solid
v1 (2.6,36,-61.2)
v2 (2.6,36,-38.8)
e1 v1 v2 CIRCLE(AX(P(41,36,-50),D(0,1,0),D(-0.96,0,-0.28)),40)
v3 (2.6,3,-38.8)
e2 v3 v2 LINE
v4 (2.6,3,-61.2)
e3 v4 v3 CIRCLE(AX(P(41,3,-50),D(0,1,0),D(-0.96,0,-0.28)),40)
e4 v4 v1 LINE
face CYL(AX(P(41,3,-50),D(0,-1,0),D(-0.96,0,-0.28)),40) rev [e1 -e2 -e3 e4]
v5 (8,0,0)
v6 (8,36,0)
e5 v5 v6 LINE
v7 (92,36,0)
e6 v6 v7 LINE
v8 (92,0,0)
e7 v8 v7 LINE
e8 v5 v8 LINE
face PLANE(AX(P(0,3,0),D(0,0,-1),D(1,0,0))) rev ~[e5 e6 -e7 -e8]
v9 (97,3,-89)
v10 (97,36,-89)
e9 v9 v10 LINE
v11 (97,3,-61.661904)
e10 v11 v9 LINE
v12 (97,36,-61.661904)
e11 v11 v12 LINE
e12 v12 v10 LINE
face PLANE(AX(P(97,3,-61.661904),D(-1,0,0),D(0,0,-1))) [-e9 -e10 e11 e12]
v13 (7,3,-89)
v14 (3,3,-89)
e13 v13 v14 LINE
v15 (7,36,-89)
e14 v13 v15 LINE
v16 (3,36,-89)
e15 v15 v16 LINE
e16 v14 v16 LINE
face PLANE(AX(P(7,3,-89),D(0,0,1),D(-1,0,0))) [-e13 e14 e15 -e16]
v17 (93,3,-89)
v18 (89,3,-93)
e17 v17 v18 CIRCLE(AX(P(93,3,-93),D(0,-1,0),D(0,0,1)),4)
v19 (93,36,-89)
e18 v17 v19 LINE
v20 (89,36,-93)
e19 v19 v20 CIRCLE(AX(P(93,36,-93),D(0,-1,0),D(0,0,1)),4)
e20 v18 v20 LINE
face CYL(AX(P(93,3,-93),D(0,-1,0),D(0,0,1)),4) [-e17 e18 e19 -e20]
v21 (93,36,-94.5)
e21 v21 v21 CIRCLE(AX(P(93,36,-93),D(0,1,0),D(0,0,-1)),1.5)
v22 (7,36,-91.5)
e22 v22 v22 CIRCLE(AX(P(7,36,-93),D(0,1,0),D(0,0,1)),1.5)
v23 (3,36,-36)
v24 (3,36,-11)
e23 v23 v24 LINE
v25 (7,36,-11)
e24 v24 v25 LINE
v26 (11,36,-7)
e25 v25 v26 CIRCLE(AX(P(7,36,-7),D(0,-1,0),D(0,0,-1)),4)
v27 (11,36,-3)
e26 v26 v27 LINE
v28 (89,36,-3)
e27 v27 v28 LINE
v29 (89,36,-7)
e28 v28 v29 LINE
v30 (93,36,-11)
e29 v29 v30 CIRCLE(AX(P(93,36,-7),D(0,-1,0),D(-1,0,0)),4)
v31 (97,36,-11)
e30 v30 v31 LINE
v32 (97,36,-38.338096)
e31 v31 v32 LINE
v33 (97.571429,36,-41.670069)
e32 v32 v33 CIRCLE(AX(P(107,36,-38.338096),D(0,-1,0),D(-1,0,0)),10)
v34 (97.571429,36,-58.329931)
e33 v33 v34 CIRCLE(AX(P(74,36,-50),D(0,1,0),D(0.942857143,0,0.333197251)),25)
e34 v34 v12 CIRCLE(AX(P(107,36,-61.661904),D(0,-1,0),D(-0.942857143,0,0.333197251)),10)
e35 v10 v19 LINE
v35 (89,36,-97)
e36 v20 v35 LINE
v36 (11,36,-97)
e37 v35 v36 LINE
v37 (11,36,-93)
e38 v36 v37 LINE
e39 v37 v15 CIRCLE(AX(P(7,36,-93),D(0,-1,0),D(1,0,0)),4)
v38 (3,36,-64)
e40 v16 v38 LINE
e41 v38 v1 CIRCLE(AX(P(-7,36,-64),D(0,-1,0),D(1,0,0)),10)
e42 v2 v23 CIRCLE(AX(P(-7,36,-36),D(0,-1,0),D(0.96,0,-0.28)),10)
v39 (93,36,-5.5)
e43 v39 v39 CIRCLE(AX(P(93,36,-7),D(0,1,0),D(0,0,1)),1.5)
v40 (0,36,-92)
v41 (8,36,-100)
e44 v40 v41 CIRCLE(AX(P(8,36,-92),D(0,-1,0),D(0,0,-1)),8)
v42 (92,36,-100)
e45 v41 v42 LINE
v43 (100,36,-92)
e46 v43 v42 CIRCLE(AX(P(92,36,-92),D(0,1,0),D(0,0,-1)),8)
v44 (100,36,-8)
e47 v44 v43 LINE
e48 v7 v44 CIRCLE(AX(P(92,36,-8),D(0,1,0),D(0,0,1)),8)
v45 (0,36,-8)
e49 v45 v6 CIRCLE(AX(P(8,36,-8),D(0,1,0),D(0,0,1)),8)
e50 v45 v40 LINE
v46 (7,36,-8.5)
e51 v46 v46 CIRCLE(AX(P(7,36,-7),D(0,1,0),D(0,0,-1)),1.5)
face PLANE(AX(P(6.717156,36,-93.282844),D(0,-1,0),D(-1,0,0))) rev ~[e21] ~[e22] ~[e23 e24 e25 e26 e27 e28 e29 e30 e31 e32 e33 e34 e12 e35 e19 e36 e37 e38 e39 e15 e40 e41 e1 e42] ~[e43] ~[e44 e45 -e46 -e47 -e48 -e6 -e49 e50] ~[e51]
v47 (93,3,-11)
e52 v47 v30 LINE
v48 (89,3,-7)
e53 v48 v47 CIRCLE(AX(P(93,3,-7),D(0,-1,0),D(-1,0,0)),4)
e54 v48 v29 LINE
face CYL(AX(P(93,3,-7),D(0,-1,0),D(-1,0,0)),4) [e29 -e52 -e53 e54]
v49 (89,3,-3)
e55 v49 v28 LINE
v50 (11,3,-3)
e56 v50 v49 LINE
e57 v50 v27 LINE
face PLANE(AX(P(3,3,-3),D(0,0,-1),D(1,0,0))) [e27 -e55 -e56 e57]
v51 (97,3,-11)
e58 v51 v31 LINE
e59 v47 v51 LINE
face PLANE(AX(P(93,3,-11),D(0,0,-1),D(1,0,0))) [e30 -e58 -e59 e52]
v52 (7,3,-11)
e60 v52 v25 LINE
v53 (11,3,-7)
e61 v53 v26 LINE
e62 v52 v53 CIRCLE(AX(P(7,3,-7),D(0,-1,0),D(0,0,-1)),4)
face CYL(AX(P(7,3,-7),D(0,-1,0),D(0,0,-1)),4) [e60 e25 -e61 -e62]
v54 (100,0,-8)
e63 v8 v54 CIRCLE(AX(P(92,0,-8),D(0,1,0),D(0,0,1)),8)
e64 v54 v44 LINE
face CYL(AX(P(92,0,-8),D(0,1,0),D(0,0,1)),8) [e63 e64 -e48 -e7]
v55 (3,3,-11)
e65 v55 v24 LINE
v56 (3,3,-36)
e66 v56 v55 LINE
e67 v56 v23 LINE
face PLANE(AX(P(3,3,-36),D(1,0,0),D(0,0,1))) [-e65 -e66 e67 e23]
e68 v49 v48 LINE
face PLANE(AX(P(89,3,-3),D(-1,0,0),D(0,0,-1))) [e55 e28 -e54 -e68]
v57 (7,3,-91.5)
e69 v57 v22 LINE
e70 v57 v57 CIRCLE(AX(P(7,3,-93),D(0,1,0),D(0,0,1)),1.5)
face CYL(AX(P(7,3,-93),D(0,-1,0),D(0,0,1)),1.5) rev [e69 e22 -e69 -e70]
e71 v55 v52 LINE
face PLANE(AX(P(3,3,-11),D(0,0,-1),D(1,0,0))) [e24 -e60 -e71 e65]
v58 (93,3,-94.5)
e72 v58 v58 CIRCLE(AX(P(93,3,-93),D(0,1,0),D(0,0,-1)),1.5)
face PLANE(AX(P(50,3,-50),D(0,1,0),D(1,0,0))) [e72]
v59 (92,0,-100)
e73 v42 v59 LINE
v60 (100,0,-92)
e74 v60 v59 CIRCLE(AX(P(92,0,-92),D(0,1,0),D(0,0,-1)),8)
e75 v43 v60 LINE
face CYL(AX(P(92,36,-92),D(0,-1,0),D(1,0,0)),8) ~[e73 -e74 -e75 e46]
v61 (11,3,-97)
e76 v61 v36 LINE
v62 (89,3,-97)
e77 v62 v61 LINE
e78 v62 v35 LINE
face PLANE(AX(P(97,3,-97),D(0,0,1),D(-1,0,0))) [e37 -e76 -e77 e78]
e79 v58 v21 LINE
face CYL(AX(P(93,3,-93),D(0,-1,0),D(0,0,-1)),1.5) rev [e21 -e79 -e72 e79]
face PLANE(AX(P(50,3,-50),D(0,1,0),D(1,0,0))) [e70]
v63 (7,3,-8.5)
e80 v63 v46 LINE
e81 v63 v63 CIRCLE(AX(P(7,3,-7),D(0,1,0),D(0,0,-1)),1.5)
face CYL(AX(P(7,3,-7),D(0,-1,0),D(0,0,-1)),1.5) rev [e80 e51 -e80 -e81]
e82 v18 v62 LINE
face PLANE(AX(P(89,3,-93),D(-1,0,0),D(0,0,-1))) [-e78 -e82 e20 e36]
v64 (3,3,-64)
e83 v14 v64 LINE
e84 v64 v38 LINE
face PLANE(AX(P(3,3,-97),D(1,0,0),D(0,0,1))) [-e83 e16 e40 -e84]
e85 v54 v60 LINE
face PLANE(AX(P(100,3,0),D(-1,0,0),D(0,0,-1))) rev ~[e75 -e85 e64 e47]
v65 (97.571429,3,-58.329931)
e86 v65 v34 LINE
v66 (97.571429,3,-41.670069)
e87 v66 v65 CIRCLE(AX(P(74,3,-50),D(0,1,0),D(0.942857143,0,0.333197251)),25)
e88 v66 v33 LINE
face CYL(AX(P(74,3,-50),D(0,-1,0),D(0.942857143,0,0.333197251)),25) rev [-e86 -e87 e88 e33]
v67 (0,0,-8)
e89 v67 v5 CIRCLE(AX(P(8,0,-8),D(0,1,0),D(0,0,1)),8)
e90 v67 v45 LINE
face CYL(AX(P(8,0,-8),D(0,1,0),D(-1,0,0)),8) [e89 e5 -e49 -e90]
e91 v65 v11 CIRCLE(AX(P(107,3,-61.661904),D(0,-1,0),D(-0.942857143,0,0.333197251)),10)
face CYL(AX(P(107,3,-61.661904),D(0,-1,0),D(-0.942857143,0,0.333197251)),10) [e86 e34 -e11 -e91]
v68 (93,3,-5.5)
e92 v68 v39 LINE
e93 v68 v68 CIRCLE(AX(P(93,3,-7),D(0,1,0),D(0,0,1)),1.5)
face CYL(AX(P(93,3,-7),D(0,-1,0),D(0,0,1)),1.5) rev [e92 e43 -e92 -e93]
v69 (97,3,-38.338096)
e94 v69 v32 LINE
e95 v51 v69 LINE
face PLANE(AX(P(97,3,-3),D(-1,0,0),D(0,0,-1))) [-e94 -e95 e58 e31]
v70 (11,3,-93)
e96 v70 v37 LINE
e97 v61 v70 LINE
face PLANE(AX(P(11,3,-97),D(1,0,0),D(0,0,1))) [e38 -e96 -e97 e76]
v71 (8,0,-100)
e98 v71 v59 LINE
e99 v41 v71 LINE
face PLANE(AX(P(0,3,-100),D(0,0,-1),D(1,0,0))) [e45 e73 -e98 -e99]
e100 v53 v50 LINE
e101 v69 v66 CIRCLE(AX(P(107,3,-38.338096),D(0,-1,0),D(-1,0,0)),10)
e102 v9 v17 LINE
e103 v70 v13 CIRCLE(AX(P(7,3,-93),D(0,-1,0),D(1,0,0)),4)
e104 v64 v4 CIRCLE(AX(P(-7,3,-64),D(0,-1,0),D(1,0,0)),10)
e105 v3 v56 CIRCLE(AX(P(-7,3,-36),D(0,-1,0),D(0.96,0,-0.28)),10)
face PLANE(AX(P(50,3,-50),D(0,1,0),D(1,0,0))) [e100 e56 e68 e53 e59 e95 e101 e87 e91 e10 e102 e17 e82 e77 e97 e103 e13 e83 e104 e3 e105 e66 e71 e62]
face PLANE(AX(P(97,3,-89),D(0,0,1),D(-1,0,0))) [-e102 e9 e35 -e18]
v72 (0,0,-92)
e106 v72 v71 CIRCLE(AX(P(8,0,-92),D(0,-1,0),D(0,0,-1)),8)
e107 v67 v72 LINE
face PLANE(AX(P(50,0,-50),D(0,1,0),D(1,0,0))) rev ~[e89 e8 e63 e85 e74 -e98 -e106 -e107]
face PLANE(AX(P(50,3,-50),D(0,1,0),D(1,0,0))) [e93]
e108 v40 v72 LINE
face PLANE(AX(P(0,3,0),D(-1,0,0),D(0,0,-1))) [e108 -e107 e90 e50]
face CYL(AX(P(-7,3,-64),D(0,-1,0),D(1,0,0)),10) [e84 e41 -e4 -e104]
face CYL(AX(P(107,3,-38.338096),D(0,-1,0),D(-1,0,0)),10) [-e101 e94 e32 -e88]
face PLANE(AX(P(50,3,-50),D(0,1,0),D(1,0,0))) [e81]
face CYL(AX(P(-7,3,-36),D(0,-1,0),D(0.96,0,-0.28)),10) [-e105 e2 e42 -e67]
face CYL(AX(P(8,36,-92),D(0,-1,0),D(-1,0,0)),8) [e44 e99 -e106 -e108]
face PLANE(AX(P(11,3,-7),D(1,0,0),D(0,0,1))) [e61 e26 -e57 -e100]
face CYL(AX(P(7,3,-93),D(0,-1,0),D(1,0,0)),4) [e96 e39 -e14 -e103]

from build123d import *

# Parameters (mm, degrees)
SKETCH_1_W      = 100
SKETCH_1_H      = 100
EXTRUDE_1_DEPTH = 3
SKETCH_4_W      = 100
SKETCH_4_H      = 100
EXTRUDE_4_DEPTH = 33
FILLET_3_R      = 8
SKETCH_7_R      = 1.5
EXTRUDE_6_DEPTH = 33


with BuildPart() as part:
    # Эскиз1 → Бобышка-Вытянуть1 (new body)
    with BuildSketch(Plane(origin=(0, 0, 0), x_dir=(1, 0, 0), z_dir=(0, 1, 0))):
        with Locations((50, 50)):
            Rectangle(SKETCH_1_W, SKETCH_1_H)
    extrude(amount=EXTRUDE_1_DEPTH)

    # Эскиз4 → Бобышка-Вытянуть4 (add)
    with BuildSketch(Plane(origin=(0, 3, 0), x_dir=(1, 0, 0), z_dir=(0, 1, 0))):
        with Locations((50, 50)):
            Rectangle(SKETCH_4_W, SKETCH_4_H)
        with BuildLine():
            Line((97, 97), (3, 97))
            Line((3, 97), (3, 64))
            ThreePointArc((3, 64), (2.899494937, 62.585786438), (2.6, 61.2))
            ThreePointArc((2.6, 61.2), (1, 50), (2.6, 38.8))
            ThreePointArc((2.6, 38.8), (2.899494937, 37.414213562), (3, 36))
            Line((3, 36), (3, 3))
            Line((3, 3), (97, 3))
            Line((97, 3), (97, 38.33809621))
            ThreePointArc((97, 38.33809621), (97.143892394, 40.02840472), (97.571428571, 41.670068722))
            ThreePointArc((97.571428571, 41.670068722), (99, 50), (97.571428571, 58.329931278))
            ThreePointArc((97.571428571, 58.329931278), (97.143892394, 59.97159528), (97, 61.66190379))
            Line((97, 61.66190379), (97, 97))
        make_face(mode=Mode.SUBTRACT)
    extrude(amount=EXTRUDE_4_DEPTH)

    # Скругление3
    fillet_3_edges = [part.edges().sort_by_distance(p)[0] for p in [
        (0, 18, -100),
        (100, 18, -100),
        (100, 18, 0),
        (0, 18, 0),
    ]]
    fillet(fillet_3_edges, radius=FILLET_3_R)

    # Эскиз7 → Бобышка-Вытянуть6 (add)
    # profile 1 of 4: a face of its own
    with BuildSketch(Plane(origin=(0, 3, 0), x_dir=(1, 0, 0), z_dir=(0, 1, 0))):
        with BuildLine():
            Line((3, 89), (3, 97))
            Line((3, 97), (11, 97))
            Line((11, 97), (11, 93))
            ThreePointArc((11, 93), (9.828427125, 90.171572875), (7, 89))
            Line((7, 89), (3, 89))
        make_face()
        with Locations(Location((7, 93, 0), (0, 0, 270))):
            Circle(SKETCH_7_R, mode=Mode.SUBTRACT)
    # profile 2 of 4: a face of its own
    with BuildSketch(Plane(origin=(0, 3, 0), x_dir=(1, 0, 0), z_dir=(0, 1, 0))):
        with BuildLine():
            Line((89, 93), (89, 97))
            Line((89, 97), (97, 97))
            Line((97, 97), (97, 89))
            Line((97, 89), (93, 89))
            ThreePointArc((93, 89), (90.171572875, 90.171572875), (89, 93))
        make_face()
        with Locations(Location((93, 93, 0), (0, 0, 90))):
            Circle(SKETCH_7_R, mode=Mode.SUBTRACT)
    # profile 3 of 4: a face of its own
    with BuildSketch(Plane(origin=(0, 3, 0), x_dir=(1, 0, 0), z_dir=(0, 1, 0))):
        with BuildLine():
            Line((97, 11), (97, 3))
            Line((97, 3), (89, 3))
            Line((89, 3), (89, 7))
            ThreePointArc((89, 7), (90.171572875, 9.828427125), (93, 11))
            Line((93, 11), (97, 11))
        make_face()
        with Locations(Location((93, 7, 0), (0, 0, 270))):
            Circle(SKETCH_7_R, mode=Mode.SUBTRACT)
    # profile 4 of 4: a face of its own
    with BuildSketch(Plane(origin=(0, 3, 0), x_dir=(1, 0, 0), z_dir=(0, 1, 0))):
        with BuildLine():
            Line((11, 7), (11, 3))
            Line((11, 3), (3, 3))
            Line((3, 3), (3, 11))
            Line((3, 11), (7, 11))
            ThreePointArc((7, 11), (9.828427125, 9.828427125), (11, 7))
        make_face()
        with Locations(Location((7, 7, 0), (0, 0, 90))):
            Circle(SKETCH_7_R, mode=Mode.SUBTRACT)
    extrude(amount=EXTRUDE_6_DEPTH)


solid = part.part
